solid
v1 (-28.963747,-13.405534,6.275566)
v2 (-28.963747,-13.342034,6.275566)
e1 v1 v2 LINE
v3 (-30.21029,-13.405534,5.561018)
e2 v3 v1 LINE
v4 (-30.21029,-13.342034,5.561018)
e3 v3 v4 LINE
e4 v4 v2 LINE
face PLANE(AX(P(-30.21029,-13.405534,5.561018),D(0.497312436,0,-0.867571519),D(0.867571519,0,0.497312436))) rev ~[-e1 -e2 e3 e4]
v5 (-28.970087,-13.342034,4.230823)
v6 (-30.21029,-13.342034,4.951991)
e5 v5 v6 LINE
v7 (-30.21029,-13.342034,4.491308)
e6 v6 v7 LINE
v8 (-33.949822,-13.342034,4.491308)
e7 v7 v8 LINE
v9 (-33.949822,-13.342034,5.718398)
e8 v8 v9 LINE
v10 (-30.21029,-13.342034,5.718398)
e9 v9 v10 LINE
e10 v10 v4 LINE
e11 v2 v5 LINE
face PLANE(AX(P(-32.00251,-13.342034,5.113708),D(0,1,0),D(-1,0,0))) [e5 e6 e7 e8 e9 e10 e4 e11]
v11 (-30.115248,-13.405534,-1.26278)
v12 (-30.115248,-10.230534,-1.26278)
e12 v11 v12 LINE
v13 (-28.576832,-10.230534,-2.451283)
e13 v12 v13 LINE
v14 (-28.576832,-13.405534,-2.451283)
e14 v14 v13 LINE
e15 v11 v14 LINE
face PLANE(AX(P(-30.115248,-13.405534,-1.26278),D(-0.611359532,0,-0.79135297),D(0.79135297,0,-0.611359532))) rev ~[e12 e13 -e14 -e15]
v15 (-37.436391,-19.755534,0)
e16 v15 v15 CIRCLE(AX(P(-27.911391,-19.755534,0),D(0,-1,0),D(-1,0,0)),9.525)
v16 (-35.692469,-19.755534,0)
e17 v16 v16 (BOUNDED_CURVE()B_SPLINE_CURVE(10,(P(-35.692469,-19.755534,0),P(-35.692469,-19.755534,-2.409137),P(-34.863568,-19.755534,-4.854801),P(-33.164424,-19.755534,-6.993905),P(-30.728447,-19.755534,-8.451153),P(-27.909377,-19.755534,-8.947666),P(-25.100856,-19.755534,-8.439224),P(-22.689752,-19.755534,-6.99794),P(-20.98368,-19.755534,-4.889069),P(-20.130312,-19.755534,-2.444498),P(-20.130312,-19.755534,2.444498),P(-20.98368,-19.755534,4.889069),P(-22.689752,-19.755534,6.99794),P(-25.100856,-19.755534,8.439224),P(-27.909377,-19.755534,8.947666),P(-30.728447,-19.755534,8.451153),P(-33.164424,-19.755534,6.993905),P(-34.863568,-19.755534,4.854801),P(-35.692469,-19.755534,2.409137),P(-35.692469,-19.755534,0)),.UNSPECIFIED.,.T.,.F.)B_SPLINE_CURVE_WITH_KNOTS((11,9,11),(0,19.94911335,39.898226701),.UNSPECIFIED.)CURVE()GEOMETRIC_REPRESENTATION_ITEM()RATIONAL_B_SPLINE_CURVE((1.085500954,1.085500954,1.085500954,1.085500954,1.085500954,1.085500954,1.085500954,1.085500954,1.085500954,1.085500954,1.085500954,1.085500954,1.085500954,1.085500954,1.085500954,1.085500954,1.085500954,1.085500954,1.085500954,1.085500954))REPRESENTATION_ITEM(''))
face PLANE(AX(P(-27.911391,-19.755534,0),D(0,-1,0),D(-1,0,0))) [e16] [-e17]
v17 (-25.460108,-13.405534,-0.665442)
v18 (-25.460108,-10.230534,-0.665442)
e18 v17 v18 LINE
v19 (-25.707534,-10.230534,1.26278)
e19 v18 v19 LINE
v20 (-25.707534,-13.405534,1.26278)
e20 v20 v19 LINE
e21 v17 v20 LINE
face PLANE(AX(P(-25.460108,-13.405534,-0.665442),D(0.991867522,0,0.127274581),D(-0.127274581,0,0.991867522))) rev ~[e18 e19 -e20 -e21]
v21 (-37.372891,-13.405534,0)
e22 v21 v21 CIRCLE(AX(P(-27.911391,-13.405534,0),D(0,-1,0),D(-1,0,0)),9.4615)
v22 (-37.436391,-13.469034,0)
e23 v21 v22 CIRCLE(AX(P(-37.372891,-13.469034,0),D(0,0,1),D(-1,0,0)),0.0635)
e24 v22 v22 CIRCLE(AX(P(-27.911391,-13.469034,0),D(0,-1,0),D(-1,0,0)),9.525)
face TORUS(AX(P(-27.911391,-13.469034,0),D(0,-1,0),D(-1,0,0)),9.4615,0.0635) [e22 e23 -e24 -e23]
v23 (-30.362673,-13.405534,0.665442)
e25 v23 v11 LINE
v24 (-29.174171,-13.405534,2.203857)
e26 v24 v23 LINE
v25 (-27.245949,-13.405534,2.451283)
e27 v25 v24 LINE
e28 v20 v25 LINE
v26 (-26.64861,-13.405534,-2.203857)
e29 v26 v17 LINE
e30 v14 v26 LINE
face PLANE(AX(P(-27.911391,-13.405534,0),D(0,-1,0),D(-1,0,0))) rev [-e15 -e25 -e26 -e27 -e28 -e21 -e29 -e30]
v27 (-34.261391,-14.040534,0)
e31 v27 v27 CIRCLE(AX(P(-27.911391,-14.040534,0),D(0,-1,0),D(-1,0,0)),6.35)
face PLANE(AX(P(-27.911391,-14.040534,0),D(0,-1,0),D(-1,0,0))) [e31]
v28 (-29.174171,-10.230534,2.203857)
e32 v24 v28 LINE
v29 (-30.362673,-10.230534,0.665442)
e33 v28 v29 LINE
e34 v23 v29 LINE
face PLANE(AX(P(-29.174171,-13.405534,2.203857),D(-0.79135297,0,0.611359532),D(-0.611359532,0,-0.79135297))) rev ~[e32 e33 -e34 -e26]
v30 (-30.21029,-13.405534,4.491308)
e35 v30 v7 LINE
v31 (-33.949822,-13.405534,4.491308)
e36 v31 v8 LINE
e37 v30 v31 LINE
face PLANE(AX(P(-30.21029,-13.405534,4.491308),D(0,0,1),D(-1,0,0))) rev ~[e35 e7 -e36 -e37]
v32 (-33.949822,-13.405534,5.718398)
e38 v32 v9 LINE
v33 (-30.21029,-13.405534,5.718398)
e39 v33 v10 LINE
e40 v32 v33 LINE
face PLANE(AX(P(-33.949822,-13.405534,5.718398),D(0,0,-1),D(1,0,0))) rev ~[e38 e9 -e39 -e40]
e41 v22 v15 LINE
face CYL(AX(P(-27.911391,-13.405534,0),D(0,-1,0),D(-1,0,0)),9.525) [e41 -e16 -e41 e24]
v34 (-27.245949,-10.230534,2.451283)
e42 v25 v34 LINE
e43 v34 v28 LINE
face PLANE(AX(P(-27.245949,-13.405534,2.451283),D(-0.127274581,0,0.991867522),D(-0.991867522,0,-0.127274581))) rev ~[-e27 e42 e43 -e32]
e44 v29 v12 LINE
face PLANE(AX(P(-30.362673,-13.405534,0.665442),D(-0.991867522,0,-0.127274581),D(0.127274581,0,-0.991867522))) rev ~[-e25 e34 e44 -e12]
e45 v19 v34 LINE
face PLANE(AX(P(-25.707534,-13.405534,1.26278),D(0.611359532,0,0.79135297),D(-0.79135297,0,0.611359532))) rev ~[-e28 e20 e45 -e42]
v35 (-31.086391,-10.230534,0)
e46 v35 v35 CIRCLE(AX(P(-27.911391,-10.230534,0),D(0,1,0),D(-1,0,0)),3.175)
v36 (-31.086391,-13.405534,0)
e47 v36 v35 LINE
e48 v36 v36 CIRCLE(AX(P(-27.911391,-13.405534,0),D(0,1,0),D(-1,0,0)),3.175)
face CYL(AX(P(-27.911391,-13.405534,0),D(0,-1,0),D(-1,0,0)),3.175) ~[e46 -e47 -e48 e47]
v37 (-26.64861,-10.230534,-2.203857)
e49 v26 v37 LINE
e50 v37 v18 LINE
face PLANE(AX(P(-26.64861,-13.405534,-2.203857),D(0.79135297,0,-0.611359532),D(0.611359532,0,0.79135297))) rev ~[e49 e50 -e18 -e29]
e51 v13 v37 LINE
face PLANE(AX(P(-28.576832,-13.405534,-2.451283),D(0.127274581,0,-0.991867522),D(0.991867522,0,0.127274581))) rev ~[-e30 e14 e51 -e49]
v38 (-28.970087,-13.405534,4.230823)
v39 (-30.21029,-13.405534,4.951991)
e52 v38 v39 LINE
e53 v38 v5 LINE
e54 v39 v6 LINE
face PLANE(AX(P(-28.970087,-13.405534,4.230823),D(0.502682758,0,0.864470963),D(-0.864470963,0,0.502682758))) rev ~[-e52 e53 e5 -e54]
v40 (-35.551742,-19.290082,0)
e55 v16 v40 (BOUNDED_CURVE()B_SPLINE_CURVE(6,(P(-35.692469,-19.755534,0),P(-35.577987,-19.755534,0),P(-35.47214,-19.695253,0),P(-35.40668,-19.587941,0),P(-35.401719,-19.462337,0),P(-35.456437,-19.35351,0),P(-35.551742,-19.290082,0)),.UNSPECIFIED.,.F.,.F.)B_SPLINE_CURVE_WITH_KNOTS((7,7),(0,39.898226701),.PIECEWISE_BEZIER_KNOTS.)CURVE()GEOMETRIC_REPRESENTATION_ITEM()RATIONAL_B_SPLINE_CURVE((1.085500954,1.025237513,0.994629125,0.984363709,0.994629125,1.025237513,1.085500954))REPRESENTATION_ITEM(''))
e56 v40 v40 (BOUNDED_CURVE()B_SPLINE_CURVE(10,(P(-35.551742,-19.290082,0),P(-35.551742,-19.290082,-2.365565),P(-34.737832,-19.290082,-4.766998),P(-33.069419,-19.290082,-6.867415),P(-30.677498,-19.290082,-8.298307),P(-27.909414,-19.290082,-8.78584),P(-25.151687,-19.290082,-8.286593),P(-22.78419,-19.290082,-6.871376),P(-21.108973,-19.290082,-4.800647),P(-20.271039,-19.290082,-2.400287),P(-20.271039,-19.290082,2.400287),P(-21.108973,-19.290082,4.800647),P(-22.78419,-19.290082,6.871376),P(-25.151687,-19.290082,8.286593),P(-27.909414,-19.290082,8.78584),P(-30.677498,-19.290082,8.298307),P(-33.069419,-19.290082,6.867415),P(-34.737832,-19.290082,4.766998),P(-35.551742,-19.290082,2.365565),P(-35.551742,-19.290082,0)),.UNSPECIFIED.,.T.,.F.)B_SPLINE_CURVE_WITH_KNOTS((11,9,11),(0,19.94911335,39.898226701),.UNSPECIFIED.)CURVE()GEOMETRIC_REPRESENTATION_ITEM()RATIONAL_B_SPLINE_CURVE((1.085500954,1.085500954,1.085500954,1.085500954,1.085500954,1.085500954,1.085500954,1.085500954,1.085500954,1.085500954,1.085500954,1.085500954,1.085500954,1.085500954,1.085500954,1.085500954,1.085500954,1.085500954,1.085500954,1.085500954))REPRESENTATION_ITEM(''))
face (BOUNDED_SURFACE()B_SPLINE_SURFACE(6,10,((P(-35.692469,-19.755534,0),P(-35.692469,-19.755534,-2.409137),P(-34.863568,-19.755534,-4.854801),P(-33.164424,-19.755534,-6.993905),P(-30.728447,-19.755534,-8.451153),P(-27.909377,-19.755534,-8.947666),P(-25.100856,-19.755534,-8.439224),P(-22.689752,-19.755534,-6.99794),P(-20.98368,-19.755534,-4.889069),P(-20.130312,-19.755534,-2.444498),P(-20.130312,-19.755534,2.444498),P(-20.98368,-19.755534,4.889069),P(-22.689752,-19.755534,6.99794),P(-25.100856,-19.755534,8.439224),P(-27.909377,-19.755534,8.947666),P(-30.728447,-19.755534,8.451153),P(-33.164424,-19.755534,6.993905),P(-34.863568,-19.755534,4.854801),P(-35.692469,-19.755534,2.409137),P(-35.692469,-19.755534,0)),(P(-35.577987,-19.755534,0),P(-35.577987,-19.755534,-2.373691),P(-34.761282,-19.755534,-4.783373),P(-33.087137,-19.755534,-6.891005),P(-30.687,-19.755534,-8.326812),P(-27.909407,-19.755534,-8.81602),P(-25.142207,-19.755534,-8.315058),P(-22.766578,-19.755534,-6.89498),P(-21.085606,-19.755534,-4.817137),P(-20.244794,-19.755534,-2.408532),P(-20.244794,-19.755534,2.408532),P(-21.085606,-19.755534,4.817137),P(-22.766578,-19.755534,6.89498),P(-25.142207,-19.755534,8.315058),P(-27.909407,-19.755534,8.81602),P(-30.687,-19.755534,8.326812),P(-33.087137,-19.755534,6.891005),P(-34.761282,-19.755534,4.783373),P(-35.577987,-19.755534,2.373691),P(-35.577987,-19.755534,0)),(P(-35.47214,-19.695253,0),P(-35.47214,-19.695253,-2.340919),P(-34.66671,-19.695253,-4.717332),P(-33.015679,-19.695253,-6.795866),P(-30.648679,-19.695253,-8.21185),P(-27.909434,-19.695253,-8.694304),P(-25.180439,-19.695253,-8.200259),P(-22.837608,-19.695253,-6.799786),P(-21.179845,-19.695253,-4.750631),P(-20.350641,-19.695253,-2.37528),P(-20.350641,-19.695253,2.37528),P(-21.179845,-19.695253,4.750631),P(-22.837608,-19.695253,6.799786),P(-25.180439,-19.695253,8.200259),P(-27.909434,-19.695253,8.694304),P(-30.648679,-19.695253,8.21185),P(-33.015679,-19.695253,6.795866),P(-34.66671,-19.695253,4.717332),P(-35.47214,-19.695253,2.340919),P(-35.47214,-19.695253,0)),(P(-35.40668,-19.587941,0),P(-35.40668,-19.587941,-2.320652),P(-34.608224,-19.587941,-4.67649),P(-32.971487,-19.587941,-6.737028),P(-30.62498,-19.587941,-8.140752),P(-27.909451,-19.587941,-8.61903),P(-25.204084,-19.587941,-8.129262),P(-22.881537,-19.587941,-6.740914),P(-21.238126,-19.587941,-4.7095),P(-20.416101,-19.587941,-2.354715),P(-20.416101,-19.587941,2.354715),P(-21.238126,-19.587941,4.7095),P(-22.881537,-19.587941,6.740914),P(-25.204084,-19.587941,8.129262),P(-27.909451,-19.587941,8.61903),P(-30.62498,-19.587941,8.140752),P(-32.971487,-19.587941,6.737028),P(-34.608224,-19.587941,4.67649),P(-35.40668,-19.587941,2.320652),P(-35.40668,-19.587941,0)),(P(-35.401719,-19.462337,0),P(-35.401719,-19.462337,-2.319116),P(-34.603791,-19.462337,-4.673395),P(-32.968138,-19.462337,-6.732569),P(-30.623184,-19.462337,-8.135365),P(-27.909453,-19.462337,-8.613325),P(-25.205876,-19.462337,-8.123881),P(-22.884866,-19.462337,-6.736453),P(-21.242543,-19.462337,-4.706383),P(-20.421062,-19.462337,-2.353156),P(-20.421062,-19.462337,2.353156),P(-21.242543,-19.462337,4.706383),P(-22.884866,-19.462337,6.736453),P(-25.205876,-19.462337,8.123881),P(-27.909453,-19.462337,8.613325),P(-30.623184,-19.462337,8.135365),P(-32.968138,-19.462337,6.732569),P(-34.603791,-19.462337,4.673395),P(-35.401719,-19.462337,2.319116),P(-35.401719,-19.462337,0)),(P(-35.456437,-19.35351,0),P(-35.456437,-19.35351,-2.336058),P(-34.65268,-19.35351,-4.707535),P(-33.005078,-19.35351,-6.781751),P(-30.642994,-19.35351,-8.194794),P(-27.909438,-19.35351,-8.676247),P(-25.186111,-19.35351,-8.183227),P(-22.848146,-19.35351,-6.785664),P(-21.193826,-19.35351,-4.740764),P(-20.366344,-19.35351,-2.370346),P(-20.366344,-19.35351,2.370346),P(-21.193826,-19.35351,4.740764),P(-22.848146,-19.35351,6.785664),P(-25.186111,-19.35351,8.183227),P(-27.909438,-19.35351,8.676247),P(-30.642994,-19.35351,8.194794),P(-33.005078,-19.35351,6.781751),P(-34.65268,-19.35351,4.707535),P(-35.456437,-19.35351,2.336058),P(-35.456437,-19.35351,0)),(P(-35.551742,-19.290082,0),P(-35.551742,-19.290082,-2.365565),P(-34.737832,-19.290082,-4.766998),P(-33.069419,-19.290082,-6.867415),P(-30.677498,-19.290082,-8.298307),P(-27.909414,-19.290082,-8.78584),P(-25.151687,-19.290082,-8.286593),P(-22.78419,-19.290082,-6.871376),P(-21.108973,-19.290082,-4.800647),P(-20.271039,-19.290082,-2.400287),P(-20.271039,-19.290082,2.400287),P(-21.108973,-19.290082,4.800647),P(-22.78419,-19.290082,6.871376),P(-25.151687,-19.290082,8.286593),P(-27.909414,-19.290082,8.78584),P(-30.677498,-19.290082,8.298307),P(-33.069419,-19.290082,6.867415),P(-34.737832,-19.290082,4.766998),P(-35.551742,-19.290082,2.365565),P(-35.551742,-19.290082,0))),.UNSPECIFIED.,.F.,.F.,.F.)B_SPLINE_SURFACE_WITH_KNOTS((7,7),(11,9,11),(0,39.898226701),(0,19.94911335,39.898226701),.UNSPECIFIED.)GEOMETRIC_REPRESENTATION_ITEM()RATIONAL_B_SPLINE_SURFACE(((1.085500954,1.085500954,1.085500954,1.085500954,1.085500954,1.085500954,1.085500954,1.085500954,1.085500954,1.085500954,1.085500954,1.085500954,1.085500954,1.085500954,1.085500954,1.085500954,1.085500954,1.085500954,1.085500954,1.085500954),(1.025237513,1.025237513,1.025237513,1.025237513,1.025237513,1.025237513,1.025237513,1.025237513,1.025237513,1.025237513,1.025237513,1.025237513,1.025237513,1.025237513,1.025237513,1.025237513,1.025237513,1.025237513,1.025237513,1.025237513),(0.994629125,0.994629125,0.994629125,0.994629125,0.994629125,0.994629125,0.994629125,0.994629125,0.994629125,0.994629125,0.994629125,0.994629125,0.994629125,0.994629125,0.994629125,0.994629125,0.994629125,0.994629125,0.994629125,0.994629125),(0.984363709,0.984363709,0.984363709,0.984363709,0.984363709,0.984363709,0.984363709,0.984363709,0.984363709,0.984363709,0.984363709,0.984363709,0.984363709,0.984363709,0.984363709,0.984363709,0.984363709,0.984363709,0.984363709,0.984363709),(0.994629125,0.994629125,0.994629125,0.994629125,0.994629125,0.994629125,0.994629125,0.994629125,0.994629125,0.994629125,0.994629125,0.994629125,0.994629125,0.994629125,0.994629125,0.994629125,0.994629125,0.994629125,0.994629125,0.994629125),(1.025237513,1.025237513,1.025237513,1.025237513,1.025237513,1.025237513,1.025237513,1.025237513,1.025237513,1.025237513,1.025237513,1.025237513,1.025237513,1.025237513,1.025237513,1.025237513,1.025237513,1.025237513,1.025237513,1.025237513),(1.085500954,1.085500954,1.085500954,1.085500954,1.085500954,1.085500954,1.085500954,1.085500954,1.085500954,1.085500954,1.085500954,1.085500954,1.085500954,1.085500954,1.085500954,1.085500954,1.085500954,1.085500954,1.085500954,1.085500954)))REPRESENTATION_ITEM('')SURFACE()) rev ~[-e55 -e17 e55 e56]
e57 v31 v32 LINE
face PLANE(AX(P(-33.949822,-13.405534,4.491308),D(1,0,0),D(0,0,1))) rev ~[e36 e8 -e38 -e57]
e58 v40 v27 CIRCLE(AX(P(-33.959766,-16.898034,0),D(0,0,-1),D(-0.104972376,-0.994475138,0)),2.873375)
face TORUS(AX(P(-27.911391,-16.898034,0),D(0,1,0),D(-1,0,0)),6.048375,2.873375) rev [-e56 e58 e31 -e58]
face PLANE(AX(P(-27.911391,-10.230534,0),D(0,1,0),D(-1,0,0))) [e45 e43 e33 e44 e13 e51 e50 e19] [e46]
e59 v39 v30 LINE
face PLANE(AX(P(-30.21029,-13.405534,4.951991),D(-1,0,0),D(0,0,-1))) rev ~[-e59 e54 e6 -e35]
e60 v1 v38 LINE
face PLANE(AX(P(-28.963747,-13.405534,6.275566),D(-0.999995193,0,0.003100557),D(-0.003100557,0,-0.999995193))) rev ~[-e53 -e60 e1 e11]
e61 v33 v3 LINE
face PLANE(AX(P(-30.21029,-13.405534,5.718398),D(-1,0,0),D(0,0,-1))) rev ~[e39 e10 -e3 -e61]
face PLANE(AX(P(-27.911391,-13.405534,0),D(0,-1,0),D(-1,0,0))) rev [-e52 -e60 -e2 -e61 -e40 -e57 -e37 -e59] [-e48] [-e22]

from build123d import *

# Parameters (mm, degrees)
F2_R     = 3.175
F3_DEPTH = 3.175
F4_R     = 0.0635
F5_R     = 0.254
F7_DEPTH = 0.0635


with BuildPart() as f1:
    # F0 (on Top) → F1 (revolve)
    with BuildSketch(Plane.XY):
        with BuildLine():
            Line((-27.9113905668, -13.4055339169), (-37.4363905668, -13.4055339169))
            Line((-37.4363905668, -13.4055339169), (-37.4363905668, -19.7555339169))
            Line((-37.4363905668, -19.7555339169), (-34.2613905668, -19.7555339169))
            ThreePointArc((-34.2613905668, -19.7555339169), (-36.8331405668, -16.8980339169), (-34.2613905668, -14.0405339169))
            Line((-34.2613905668, -14.0405339169), (-27.9113905668, -14.0405339169))
            Line((-27.9113905668, -14.0405339169), (-27.9113905668, -13.4055339169))
        make_face()
    revolve(axis=Axis((-27.9113905668, -16.5805339169, 0), (0, -1, 0)))

    # F2 (on face) → F3 (join)
    with BuildSketch(Plane(origin=(0, -13.4055339169, 0), x_dir=(-1, 0, 0), z_dir=(0, 1, 0))):
        with Locations((27.9113905668, 0)):
            Circle(F2_R)
        Polygon((30.1152475484, -1.2627804262), (28.5768321807, -2.451282819), (26.6486101406, -2.2038569815), (25.4601077479, -0.6654416139), (25.7075335853, 1.2627804262), (27.245948953, 2.451282819), (29.1741709931, 2.2038569815), (30.3626733858, 0.6654416139), align=None, mode=Mode.SUBTRACT)
    extrude(amount=F3_DEPTH)

    # F4
    f4_edges = [f1.edges().sort_by_distance(p)[0] for p in [
        (-18.386391, -13.405534, 0),
    ]]
    fillet(f4_edges, radius=F4_R)

    # F5
    f5_edges = [f1.edges().sort_by_distance(p)[0] for p in [
        (-21.561391, -19.755534, 0),
    ]]
    fillet(f5_edges, radius=F5_R)

    # F6 (on face) → F7 (join)
    with BuildSketch(Plane(origin=(0, -13.4055339169, 0), x_dir=(-1, 0, 0), z_dir=(0, 1, 0))):
        Polygon((30.2102901042, 4.4913082384), (33.9498221874, 4.4913082384), (33.9498221874, 5.7183979079), (30.2102901042, 5.7183979079), (30.2102901042, 5.5610182325), (30.7377161321, 5.2586852067), (30.2102901042, 4.9519913076), align=None)
        Polygon((30.2102901042, 5.5610182325), (30.2102901042, 4.9519913076), (30.7377161321, 5.2586852067), align=None)
        Polygon((28.9700869471, 4.2308233678), (30.2102901042, 4.9519913076), (30.2102901042, 5.5610182325), (28.9637470755, 6.275566066), align=None)
    extrude(amount=F7_DEPTH)


solid = f1.part
